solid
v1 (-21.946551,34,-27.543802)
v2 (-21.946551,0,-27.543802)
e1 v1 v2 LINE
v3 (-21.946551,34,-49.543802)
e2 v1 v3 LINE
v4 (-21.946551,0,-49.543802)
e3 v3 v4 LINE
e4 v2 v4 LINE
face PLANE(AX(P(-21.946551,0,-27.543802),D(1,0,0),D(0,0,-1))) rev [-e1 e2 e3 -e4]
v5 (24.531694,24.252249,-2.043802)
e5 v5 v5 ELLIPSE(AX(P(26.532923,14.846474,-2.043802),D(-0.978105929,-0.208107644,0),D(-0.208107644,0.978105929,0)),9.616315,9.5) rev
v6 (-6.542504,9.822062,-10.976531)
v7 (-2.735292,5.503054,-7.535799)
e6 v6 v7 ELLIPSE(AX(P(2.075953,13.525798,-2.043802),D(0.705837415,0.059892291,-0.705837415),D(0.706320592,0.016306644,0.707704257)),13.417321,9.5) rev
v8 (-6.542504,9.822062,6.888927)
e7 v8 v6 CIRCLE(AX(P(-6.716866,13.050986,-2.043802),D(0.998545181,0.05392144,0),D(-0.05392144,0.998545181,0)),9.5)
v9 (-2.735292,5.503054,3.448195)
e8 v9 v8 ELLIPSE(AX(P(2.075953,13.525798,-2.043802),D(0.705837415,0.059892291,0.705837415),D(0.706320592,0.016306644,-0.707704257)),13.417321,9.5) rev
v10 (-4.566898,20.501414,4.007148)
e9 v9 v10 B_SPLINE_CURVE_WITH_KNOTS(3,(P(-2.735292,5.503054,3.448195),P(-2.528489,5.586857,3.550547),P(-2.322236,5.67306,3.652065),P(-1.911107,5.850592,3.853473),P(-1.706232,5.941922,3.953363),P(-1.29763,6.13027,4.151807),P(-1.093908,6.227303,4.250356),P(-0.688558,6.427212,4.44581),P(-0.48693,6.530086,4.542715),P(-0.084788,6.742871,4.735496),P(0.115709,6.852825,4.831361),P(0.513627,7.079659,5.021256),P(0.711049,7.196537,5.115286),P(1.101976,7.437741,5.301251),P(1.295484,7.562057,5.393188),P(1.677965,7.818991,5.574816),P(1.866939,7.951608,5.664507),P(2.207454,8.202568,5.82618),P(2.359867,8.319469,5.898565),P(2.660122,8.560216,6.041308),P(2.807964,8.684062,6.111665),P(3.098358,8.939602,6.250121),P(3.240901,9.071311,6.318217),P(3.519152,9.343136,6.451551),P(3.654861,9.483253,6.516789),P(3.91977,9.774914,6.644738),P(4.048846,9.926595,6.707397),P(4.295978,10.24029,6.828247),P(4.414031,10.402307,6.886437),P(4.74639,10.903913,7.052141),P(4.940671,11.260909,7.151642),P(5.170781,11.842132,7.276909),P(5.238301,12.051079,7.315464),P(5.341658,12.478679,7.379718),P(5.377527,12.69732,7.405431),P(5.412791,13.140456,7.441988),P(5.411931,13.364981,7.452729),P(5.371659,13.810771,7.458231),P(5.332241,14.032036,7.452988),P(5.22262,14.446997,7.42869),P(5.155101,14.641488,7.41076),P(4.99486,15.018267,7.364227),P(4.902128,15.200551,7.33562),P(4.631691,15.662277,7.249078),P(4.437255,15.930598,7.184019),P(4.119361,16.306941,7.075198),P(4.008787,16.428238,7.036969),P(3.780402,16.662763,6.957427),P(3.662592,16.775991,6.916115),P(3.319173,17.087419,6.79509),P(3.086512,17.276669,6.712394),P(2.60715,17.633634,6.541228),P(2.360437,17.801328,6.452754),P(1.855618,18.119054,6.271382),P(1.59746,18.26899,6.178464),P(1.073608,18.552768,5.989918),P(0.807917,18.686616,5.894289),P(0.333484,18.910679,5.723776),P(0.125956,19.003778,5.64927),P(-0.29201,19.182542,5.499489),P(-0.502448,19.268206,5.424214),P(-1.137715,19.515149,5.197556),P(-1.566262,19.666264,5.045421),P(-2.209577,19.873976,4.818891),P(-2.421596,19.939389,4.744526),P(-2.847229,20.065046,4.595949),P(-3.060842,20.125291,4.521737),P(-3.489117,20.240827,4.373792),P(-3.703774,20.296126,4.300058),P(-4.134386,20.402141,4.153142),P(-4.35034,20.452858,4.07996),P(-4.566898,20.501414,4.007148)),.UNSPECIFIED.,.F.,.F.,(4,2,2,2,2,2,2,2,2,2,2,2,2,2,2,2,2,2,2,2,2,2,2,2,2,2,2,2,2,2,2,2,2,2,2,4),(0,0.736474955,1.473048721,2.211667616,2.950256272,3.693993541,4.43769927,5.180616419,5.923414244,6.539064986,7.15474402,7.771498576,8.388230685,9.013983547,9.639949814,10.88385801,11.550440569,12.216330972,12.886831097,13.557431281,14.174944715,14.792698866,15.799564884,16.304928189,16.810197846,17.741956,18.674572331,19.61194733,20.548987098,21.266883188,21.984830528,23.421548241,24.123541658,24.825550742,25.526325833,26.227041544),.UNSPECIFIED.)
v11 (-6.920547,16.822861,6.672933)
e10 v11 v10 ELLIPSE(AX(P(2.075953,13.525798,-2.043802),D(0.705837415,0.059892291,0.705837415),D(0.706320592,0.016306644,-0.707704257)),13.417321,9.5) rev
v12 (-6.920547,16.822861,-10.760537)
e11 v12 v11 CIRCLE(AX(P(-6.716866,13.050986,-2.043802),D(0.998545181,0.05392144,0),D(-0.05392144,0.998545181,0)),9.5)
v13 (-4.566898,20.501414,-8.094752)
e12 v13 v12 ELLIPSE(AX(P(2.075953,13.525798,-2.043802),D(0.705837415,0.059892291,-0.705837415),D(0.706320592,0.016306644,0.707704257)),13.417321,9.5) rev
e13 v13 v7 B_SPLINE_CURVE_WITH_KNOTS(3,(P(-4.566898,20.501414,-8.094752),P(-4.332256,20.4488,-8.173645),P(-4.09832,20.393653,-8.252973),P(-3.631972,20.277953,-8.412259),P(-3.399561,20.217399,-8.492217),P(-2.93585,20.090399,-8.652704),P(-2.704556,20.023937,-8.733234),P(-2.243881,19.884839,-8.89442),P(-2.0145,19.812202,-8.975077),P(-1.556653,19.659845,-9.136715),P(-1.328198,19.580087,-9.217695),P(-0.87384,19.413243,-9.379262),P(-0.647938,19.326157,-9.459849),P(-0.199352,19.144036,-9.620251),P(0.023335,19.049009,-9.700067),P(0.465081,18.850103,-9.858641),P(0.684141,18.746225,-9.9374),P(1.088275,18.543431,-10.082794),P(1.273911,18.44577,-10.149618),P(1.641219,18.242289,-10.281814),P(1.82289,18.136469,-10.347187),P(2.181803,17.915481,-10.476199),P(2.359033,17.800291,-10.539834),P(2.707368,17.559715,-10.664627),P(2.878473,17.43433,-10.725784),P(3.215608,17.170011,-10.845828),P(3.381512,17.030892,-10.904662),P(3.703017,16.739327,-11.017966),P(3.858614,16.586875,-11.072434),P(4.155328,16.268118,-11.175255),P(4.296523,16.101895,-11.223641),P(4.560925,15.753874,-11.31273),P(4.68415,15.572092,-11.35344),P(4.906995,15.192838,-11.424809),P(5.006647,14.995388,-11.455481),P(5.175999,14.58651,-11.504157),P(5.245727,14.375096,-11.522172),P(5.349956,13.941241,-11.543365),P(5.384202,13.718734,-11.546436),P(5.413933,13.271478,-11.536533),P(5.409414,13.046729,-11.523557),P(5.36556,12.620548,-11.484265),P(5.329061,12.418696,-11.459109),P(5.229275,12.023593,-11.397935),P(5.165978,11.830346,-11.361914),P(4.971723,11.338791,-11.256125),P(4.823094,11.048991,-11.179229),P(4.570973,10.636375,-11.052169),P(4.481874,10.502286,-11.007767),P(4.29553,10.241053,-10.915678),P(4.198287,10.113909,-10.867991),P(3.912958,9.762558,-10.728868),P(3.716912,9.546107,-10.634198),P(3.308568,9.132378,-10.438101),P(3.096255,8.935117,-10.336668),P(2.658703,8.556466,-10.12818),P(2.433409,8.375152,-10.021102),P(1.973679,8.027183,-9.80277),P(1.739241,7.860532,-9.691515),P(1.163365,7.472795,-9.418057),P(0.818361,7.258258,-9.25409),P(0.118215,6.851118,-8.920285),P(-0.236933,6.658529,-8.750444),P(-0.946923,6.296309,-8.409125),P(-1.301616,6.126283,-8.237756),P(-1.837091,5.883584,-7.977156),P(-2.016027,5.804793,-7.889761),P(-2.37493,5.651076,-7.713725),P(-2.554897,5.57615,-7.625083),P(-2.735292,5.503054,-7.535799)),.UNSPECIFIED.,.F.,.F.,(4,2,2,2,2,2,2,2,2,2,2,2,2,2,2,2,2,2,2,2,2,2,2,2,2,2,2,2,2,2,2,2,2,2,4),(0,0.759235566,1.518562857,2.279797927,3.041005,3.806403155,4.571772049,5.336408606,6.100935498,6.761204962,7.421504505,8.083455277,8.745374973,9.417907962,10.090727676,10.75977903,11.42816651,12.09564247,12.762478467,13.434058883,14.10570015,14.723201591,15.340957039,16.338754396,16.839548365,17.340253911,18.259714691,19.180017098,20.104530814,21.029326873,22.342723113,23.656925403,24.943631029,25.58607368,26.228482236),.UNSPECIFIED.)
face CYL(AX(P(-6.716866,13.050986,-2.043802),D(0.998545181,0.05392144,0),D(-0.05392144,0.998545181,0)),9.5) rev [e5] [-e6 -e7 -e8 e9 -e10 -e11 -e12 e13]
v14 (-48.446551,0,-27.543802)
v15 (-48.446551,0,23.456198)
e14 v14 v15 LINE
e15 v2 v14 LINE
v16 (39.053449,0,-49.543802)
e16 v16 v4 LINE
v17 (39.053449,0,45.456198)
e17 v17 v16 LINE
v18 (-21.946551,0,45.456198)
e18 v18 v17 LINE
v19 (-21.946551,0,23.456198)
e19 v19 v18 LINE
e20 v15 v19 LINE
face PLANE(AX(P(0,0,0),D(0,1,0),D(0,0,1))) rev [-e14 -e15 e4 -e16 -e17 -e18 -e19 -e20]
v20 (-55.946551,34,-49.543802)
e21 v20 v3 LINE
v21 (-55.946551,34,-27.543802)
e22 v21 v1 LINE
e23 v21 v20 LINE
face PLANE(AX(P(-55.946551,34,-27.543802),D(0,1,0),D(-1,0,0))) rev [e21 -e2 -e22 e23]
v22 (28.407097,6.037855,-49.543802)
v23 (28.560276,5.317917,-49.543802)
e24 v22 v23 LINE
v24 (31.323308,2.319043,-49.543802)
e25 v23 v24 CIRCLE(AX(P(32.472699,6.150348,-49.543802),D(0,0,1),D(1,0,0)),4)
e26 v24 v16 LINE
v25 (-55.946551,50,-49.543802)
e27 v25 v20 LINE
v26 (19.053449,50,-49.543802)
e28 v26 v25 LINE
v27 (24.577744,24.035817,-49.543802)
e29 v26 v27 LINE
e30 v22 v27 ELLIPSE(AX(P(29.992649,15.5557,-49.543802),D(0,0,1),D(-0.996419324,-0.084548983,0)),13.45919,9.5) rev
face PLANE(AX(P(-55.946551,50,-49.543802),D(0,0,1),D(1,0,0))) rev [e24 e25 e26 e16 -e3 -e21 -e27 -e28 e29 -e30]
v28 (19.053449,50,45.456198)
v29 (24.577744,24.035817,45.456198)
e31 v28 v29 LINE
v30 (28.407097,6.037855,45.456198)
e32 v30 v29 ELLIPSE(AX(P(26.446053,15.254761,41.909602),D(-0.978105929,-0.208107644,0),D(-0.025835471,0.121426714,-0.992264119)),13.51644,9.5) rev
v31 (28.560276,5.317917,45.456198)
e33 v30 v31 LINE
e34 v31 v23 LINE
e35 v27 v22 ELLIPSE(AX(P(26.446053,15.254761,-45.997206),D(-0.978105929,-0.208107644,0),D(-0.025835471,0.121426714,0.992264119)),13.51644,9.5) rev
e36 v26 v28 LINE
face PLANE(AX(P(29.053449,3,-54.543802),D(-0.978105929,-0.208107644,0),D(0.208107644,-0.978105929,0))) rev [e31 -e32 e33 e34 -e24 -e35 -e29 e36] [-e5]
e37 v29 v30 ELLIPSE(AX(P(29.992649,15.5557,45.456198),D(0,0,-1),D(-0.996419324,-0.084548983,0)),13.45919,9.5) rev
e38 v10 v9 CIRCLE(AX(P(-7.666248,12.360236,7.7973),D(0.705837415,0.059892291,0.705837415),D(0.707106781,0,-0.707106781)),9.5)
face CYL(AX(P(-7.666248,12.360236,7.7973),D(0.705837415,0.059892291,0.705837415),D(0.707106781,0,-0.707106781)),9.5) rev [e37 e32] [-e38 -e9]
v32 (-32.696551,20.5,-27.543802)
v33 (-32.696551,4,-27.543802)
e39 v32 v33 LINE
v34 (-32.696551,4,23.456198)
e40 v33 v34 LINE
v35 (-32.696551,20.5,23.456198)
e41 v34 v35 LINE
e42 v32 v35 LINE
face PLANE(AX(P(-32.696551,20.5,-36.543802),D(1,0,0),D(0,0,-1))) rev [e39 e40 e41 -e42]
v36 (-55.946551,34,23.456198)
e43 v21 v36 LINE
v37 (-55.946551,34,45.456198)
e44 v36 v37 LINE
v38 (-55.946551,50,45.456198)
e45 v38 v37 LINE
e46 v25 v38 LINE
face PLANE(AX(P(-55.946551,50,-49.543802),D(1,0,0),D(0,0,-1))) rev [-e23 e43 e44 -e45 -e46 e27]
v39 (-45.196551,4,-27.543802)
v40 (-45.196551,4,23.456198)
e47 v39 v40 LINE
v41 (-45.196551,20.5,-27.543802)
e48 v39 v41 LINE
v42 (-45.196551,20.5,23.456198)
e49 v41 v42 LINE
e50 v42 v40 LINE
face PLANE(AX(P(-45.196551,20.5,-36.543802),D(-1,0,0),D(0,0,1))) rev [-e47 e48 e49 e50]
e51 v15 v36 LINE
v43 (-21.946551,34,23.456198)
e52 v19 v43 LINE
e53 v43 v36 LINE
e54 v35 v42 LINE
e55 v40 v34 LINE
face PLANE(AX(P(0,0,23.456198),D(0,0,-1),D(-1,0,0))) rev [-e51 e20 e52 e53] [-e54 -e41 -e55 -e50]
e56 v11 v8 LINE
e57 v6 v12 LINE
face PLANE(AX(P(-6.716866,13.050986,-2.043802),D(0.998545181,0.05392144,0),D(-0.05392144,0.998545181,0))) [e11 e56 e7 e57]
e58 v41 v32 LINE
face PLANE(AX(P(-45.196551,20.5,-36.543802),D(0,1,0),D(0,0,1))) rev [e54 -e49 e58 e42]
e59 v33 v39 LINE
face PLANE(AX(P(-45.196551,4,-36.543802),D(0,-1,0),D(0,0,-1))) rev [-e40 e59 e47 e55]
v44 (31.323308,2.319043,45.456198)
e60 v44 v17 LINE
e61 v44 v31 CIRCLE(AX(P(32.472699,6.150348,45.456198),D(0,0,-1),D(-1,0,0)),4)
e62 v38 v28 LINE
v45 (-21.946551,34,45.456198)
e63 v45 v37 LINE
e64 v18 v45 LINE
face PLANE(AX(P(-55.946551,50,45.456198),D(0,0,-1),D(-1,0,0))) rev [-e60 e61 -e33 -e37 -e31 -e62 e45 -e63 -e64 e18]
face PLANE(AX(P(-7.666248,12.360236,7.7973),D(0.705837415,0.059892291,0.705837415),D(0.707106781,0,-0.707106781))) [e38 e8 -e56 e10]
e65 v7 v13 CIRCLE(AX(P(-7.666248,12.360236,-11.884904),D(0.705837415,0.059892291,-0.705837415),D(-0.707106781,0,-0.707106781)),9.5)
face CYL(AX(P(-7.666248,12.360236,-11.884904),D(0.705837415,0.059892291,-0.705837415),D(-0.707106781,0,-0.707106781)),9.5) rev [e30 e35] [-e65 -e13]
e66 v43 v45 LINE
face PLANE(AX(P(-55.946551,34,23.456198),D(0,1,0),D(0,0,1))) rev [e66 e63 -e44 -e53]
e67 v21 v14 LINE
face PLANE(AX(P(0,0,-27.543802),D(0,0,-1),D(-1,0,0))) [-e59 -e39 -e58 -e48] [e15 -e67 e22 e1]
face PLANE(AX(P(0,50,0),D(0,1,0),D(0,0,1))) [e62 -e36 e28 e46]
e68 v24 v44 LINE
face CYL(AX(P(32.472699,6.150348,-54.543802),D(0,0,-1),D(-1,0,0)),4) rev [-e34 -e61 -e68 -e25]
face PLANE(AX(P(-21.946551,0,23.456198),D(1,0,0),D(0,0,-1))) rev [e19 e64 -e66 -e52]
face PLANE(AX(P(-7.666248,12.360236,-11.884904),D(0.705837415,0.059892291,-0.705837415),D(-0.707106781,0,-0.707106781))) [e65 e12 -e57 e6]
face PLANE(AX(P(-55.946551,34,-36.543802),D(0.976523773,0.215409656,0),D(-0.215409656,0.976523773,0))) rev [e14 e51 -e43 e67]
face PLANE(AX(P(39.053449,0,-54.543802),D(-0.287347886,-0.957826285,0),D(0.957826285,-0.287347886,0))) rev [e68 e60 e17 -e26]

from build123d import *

# Parameters (mm, degrees)
SKETCH1_W           = 95
SKETCH1_H           = 95
BOSS_EXTRUDE1_DEPTH = 50
CUT_EXTRUDE1_DEPTH  = 100
SKETCH3_R           = 9.5
CUT_EXTRUDE2_DEPTH  = 45
CUT_EXTRUDE4_DEPTH  = 45
CUT_EXTRUDE5_DEPTH  = 45
CUT_EXTRUDE6_DEPTH  = 45
CUT_EXTRUDE7_DEPTH  = 45
SKETCH9_R           = 9.5
CUT_EXTRUDE9_DEPTH  = 45
SKETCH11_R          = 9.5
CUT_EXTRUDE10_DEPTH = 45
SKETCH12_W          = 31.985759797
SKETCH12_H          = 95
BOSS_EXTRUDE2_DEPTH = 45
CUT_EXTRUDE11_DEPTH = 100
SKETCH14_R          = 9.5
CUT_EXTRUDE12_DEPTH = 100
SKETCH15_R          = 9.5
CUT_EXTRUDE13_DEPTH = 100
SKETCH16_R          = 9.5
CUT_EXTRUDE14_DEPTH = 100
FILLET2_R           = 4
SKETCH17_W          = 34
SKETCH17_H          = 34
CUT_EXTRUDE16_DEPTH = 22
SKETCH19_W          = 34
SKETCH19_H          = 34
CUT_EXTRUDE17_DEPTH = 22
SKETCH20_W          = 12.5
SKETCH20_H          = 16.5
CUT_EXTRUDE18_DEPTH = 60
CUT_EXTRUDE19_DEPTH = 60


with BuildPart() as part:
    # Sketch1 → Boss-Extrude1 (new body)
    with BuildSketch(Plane(origin=(0, 0, 0), x_dir=(1, 0, 0), z_dir=(0, 1, 0))):
        with Locations((-8.446550514, 2.043801884)):
            Rectangle(SKETCH1_W, SKETCH1_H)
    extrude(amount=BOSS_EXTRUDE1_DEPTH)

    # Sketch2 → Cut-Extrude1 (cut)
    with BuildSketch(Plane.XY.offset(45.456198116)):
        Polygon((39.053449486, 0), (36.353449486, 50), (39.053449486, 50), align=None)
    extrude(amount=-CUT_EXTRUDE1_DEPTH, mode=Mode.SUBTRACT)

    # Sketch3 → Cut-Extrude2 (cut)
    with BuildSketch(Plane(origin=(38.939900735, 2.10275464, 0), x_dir=(0, 0, -1), z_dir=(0.998545181, 0.05392144, 0))):
        with Locations((2.043801884, 13.394181776)):
            Circle(SKETCH3_R)
    extrude(amount=-CUT_EXTRUDE2_DEPTH, mode=Mode.SUBTRACT)

    # Sketch5 → Cut-Extrude4 (cut)
    with BuildSketch(Plane(origin=(0, 50, 0), x_dir=(1, 0, 0), z_dir=(0, 1, 0))):
        Polygon((39.053449486, 49.543801884), (39.053449486, 29.543801884), (19.053449486, 49.543801884), align=None)
        Polygon((39.053449486, -45.456198116), (39.053449486, -25.456198116), (19.053449486, -45.456198116), align=None)
    extrude(amount=-CUT_EXTRUDE4_DEPTH, mode=Mode.SUBTRACT)

    # Sketch6 → Cut-Extrude5 (cut)
    with BuildSketch(Plane(origin=(0, 50, 0), x_dir=(1, 0, 0), z_dir=(0, 1, 0))):
        Polygon((19.053449486, -45.456198116), (12.925569587, -39.328318218), (6.797689689, -45.456198116), align=None)
        Polygon((19.053449486, 49.543801884), (12.925569587, 43.415921985), (6.797689689, 49.543801884), align=None)
    extrude(amount=-CUT_EXTRUDE5_DEPTH, mode=Mode.SUBTRACT)

    # Sketch7 → Cut-Extrude6 (cut)
    with BuildSketch(Plane(origin=(-13.201374315, 0, 13.201374315), x_dir=(0.707106781, 0, 0.707106781), z_dir=(-0.707106781, 0, 0.707106781))):
        Polygon((45.615209271, 5), (42.915209271, 50), (45.615209271, 50), align=None)
    extrude(amount=-CUT_EXTRUDE6_DEPTH, mode=Mode.SUBTRACT)

    # Sketch8 → Cut-Extrude7 (cut)
    with BuildSketch(Plane(origin=(-15.245176199, 0, -15.245176199), x_dir=(-0.707106781, 0, 0.707106781), z_dir=(-0.707106781, 0, -0.707106781))):
        Polygon((-48.505581614, 5), (-45.805581614, 50), (-48.505581614, 50), align=None)
    extrude(amount=-CUT_EXTRUDE7_DEPTH, mode=Mode.SUBTRACT)

    # Sketch9 → Cut-Extrude9 (cut)
    with BuildSketch(Plane(origin=(34.386964646, 2.917830706, -34.386964646), x_dir=(-0.708373873, 0.059677836, -0.70331004), z_dir=(0.705837415, 0.059892291, -0.705837415))):
        with Locations((14.526974541, 11.311121921)):
            Circle(SKETCH9_R)
    extrude(amount=-CUT_EXTRUDE9_DEPTH, mode=Mode.SUBTRACT)

    # Sketch11 → Cut-Extrude10 (cut)
    with BuildSketch(Plane(origin=(32.350494057, 2.745030447, 32.350494057), x_dir=(0.70331004, 0.059677836, -0.708373873), z_dir=(0.705837415, 0.059892291, 0.705837415))):
        with Locations((-10.17752107, 12.964151979)):
            Circle(SKETCH11_R)
    extrude(amount=-CUT_EXTRUDE10_DEPTH, mode=Mode.SUBTRACT)

    # Sketch12 → Boss-Extrude2 (add)
    with BuildSketch(Plane(origin=(0, 5, 0), x_dir=(1, 0, 0), z_dir=(0, 1, 0))):
        with Locations((22.790569588, 2.043801884)):
            Rectangle(SKETCH12_W, SKETCH12_H)
    extrude(amount=BOSS_EXTRUDE2_DEPTH)

    # Sketch13 → Cut-Extrude11 (cut)
    with BuildSketch(Plane.XY.offset(45.456198116)):
        Polygon((39.053449486, 0), (29.053449486, 3), (19.053449486, 50), (49.745275601, 50), align=None)
    extrude(amount=-CUT_EXTRUDE11_DEPTH, mode=Mode.SUBTRACT)

    # Sketch14 → Cut-Extrude12 (cut)
    with BuildSketch(Plane(origin=(-5.994632406, -0.32371015, 0), x_dir=(0, 0, -1), z_dir=(0.998545181, 0.05392144, 0))):
        with Locations((2.043801884, 13.394181776)):
            Circle(SKETCH14_R)
    extrude(amount=CUT_EXTRUDE12_DEPTH, mode=Mode.SUBTRACT)

    # Sketch15 → Cut-Extrude13 (cut)
    with BuildSketch(Plane(origin=(0.587810371, 0.049877364, 0.587810371), x_dir=(0.70331004, 0.059677836, -0.708373873), z_dir=(0.705837415, 0.059892291, 0.705837415))):
        with Locations((-10.17752107, 12.964151979)):
            Circle(SKETCH15_R)
    extrude(amount=CUT_EXTRUDE13_DEPTH, mode=Mode.SUBTRACT)

    # Sketch16 → Cut-Extrude14 (cut)
    with BuildSketch(Plane(origin=(2.62428096, 0.222677624, -2.62428096), x_dir=(-0.708373873, 0.059677836, -0.70331004), z_dir=(0.705837415, 0.059892291, -0.705837415))):
        with Locations((14.526974541, 11.311121921)):
            Circle(SKETCH16_R)
    extrude(amount=CUT_EXTRUDE14_DEPTH, mode=Mode.SUBTRACT)

    # Fillet2
    fillet2_edges = [part.edges().sort_by_distance(p)[0] for p in [
        (29.053449486, 3, -2.043801884),
    ]]
    fillet(fillet2_edges, radius=FILLET2_R)

    # Sketch17 → Cut-Extrude16 (cut)
    with BuildSketch(Plane.XY.offset(45.456198116)):
        with Locations((-38.946550514, 17)):
            Rectangle(SKETCH17_W, SKETCH17_H)
    extrude(amount=-CUT_EXTRUDE16_DEPTH, mode=Mode.SUBTRACT)

    # Sketch19 → Cut-Extrude17 (cut)
    with BuildSketch(Plane(origin=(0, 0, -49.543801884), x_dir=(-1, 0, 0), z_dir=(0, 0, -1))):
        with Locations((38.946550514, 17)):
            Rectangle(SKETCH19_W, SKETCH19_H)
    extrude(amount=-CUT_EXTRUDE17_DEPTH, mode=Mode.SUBTRACT)

    # Sketch20 → Cut-Extrude18 (cut)
    with BuildSketch(Plane.XY.offset(23.456198116)):
        with Locations((-38.946550514, 12.25)):
            Rectangle(SKETCH20_W, SKETCH20_H)
    extrude(amount=-CUT_EXTRUDE18_DEPTH, mode=Mode.SUBTRACT)

    # Sketch21 → Cut-Extrude19 (cut)
    with BuildSketch(Plane.XY.offset(23.456198116)):
        Polygon((-55.946550514, 34), (-48.446550514, 0), (-55.946550514, 0), align=None)
    extrude(amount=-CUT_EXTRUDE19_DEPTH, mode=Mode.SUBTRACT)


solid = part.part
